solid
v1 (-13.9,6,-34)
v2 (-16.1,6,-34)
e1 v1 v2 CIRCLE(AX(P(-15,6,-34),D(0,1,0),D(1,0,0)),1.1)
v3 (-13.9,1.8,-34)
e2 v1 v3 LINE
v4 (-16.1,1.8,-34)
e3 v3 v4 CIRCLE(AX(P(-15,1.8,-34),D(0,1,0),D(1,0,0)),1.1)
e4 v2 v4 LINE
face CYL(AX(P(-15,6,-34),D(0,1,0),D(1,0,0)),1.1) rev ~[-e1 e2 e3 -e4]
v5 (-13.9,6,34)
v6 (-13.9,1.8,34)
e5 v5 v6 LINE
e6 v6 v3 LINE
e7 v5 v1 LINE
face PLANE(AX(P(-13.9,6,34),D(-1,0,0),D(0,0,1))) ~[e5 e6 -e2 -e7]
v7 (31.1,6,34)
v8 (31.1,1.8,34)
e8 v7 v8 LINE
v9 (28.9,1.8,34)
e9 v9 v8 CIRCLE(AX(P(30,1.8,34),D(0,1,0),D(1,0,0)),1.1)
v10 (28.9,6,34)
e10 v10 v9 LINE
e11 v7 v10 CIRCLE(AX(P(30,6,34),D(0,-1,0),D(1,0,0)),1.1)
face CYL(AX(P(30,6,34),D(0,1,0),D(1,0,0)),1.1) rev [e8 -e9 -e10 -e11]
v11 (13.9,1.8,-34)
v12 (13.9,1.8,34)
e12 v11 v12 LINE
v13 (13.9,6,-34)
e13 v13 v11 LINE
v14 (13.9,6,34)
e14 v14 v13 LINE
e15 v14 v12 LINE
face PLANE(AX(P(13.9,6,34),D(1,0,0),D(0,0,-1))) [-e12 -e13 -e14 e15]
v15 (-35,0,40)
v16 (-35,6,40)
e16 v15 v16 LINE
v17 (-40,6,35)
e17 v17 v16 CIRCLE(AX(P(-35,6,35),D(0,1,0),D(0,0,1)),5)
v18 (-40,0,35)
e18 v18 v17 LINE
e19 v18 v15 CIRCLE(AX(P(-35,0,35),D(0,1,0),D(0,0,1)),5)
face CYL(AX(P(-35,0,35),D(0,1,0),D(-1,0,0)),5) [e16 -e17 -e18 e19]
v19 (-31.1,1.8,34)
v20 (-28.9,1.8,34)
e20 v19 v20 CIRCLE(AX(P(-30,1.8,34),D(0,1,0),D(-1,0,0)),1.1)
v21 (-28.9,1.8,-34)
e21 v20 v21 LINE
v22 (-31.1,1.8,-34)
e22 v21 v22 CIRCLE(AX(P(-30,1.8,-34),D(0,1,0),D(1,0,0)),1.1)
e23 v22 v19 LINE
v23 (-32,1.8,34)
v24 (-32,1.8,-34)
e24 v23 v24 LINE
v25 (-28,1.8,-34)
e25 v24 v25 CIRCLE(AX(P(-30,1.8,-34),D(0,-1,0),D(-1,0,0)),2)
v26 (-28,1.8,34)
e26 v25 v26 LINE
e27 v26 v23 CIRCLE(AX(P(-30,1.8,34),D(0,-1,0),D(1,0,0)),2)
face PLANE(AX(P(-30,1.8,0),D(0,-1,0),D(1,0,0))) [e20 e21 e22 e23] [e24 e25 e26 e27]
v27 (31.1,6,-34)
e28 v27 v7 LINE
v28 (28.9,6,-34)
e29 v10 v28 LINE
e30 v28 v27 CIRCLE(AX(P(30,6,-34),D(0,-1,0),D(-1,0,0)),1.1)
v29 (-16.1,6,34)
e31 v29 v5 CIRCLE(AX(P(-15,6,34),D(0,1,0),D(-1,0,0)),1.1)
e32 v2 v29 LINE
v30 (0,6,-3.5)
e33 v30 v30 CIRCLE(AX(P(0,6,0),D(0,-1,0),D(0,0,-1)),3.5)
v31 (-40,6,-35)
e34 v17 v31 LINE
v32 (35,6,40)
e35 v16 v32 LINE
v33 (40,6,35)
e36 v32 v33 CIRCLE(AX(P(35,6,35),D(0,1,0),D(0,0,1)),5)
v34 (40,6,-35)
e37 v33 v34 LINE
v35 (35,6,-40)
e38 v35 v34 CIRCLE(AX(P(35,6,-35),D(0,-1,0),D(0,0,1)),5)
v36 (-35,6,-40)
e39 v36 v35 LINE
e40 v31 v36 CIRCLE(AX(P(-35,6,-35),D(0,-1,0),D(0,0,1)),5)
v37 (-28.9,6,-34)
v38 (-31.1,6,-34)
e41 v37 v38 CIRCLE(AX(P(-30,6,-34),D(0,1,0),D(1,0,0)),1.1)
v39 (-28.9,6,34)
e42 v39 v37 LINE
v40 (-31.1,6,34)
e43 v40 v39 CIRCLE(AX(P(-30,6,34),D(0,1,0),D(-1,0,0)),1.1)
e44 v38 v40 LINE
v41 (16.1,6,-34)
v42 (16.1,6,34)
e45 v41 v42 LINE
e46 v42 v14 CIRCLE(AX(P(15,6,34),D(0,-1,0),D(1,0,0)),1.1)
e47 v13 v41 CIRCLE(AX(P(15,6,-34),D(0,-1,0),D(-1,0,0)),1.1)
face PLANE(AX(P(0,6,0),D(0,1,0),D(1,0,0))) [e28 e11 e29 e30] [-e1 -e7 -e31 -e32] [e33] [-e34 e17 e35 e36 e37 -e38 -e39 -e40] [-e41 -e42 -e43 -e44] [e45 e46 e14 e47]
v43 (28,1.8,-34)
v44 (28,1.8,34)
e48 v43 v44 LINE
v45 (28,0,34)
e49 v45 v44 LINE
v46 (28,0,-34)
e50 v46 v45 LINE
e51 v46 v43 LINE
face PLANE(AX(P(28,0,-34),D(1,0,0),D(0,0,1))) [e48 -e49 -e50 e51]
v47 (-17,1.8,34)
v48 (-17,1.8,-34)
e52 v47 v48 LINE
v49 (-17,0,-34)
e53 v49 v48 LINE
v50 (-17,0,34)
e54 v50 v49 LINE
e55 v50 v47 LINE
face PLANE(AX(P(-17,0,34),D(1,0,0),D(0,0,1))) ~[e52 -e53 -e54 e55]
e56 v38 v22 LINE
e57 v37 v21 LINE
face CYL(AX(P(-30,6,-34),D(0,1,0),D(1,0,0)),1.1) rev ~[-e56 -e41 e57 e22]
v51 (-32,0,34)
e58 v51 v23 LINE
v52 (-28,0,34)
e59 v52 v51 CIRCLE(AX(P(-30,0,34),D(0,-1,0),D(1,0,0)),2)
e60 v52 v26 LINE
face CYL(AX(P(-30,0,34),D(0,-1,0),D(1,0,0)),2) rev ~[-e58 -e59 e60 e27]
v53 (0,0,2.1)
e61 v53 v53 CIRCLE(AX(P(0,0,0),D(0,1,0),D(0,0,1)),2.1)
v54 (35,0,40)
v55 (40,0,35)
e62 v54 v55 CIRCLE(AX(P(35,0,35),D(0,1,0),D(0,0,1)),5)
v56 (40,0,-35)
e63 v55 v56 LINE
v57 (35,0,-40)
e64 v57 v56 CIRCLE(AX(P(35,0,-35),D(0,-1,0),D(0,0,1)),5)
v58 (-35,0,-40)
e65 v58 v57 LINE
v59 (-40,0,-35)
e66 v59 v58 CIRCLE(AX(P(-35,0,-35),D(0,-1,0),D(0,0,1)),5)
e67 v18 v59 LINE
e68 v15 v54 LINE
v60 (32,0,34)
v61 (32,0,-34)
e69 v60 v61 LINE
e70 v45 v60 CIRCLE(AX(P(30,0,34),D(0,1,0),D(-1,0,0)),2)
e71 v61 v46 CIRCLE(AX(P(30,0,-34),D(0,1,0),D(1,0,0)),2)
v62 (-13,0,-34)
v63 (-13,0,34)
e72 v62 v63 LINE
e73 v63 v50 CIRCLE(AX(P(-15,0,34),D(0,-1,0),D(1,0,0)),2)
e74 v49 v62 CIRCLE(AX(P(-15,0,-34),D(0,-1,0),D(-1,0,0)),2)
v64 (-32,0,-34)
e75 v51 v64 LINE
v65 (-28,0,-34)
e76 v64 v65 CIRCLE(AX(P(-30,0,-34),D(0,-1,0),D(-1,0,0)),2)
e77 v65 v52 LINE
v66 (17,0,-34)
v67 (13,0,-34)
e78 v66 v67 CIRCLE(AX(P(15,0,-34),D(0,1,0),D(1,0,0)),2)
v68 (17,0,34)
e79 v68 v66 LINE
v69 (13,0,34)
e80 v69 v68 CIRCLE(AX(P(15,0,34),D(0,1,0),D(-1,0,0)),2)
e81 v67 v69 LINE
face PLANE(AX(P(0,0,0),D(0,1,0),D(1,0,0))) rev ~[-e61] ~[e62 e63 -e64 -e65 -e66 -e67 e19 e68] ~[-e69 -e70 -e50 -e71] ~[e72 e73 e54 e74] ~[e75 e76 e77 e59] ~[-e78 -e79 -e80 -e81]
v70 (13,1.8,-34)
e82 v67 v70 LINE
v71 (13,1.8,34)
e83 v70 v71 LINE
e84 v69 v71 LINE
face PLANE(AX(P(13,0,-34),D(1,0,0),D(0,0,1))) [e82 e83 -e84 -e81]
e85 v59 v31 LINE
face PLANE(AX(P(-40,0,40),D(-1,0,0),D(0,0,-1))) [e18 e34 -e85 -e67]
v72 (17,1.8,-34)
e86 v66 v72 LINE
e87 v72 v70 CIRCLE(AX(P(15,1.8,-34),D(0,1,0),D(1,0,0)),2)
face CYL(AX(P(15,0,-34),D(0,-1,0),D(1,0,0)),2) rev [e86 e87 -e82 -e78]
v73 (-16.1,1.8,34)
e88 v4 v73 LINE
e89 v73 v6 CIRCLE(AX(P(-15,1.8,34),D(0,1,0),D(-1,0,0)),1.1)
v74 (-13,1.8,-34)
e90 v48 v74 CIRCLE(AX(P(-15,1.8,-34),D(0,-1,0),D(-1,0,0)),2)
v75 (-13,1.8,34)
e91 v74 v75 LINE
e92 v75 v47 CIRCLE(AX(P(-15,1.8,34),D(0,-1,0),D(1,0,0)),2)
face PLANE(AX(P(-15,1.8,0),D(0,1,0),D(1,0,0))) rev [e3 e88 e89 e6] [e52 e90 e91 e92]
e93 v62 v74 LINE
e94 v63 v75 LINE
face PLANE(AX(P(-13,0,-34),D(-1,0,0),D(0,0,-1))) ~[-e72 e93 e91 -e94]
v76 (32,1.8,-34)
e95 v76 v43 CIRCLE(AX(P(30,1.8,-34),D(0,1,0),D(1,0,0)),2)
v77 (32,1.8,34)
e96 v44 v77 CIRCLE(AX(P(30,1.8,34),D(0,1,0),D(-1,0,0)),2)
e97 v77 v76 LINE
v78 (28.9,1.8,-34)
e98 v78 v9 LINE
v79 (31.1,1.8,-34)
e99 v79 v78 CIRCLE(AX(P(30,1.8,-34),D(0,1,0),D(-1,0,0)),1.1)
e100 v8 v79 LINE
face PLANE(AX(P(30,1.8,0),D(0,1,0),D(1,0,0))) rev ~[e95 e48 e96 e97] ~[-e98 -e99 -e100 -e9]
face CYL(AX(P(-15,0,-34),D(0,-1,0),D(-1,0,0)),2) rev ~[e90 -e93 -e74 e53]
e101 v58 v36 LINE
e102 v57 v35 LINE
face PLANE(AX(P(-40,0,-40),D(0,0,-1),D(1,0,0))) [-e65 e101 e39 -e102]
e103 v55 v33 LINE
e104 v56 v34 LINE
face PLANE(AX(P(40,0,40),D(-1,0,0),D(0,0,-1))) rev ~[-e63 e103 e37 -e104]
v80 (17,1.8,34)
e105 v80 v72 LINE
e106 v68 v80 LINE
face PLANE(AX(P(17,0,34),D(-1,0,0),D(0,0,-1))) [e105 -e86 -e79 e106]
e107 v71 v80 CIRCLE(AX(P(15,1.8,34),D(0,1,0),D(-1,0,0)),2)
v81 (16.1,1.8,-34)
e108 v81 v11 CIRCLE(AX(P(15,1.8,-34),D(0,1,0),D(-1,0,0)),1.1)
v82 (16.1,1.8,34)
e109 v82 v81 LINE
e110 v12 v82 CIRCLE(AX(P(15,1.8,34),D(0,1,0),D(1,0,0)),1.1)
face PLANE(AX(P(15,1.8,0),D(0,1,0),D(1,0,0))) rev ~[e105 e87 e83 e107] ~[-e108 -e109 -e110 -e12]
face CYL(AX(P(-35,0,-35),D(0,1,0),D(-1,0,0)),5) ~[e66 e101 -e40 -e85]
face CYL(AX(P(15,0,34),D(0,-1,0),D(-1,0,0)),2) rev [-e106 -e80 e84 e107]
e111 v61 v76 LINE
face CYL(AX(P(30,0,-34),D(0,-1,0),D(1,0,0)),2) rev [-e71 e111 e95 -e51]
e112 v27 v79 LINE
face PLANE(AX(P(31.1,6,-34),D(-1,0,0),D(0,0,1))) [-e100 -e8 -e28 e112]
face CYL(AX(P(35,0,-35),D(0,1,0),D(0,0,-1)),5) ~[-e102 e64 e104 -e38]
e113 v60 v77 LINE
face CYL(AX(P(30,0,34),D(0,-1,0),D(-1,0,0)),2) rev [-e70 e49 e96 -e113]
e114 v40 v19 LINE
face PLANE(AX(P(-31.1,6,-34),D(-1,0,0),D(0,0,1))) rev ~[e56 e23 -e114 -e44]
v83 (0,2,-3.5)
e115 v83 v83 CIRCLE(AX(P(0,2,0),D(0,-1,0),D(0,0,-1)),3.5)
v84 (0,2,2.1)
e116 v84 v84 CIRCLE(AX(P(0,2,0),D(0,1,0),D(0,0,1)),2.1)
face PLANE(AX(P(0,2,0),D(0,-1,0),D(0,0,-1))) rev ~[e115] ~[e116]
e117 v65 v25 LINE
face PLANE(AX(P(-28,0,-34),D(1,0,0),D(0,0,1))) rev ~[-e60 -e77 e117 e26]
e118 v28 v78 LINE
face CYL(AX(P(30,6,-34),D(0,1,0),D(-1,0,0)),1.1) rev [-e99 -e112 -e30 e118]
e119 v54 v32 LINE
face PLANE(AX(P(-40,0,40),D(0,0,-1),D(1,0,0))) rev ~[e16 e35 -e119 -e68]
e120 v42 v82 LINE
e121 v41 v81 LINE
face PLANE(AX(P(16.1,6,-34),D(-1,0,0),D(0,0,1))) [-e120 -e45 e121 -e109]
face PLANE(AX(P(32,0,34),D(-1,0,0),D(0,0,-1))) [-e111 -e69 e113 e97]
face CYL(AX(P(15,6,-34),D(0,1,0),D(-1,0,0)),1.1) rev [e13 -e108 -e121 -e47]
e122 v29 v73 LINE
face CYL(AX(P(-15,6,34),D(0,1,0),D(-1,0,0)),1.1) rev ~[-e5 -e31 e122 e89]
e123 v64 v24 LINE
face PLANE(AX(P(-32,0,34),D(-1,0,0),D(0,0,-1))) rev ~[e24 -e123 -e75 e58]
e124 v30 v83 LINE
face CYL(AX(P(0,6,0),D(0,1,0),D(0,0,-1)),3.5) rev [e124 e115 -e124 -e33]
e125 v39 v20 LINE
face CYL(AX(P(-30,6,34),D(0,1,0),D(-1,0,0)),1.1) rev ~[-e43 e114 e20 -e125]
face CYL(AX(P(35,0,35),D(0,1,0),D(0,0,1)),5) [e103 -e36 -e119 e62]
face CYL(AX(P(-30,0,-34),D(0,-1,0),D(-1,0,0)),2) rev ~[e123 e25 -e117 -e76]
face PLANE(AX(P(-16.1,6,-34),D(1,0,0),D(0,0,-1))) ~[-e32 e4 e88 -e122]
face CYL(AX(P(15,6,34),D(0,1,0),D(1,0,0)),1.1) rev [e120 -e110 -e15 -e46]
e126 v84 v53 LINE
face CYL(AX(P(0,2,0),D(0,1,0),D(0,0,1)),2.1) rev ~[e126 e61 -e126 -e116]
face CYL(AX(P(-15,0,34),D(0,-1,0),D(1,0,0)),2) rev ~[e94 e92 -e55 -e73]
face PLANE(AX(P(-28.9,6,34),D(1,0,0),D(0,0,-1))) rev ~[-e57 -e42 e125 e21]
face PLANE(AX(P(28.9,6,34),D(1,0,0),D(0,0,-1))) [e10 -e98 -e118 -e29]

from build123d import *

# Parameters (mm, degrees)
SKETCH1_W            = 80
SKETCH1_H            = 80
BOSS_EXTRUDE1_DEPTH  = 6
CUT_EXTRUDE1_DEPTH   = 57.885850613
CUT_EXTRUDE2_DEPTH   = 1.8
LPATTERN1_COUNT      = 2
LPATTERN1_PITCH      = 15
MIRROR1_COPY_1_DEPTH = 57.885850613
MIRROR1_COPY_2_DEPTH = 1.8
SKETCH5_R            = 3.5
CUT_EXTRUDE3_DEPTH   = 4
SKETCH6_R            = 2.1
CUT_EXTRUDE4_DEPTH   = 57.709787515
FILLET3_R            = 5


with BuildPart() as part:
    # Sketch1 → Boss-Extrude1 (new body)
    with BuildSketch(Plane(origin=(0, 0, 0), x_dir=(1, 0, 0), z_dir=(0, 1, 0))):
        Rectangle(SKETCH1_W, SKETCH1_H)
    extrude(amount=BOSS_EXTRUDE1_DEPTH)

    # Sketch2 → Cut-Extrude1 (cut, through all)
    with BuildSketch(Plane(origin=(0, 6, 0), x_dir=(1, 0, 0), z_dir=(0, 1, 0))):
        with BuildLine():
            Line((16.1, 34), (16.1, -34))
            ThreePointArc((16.1, -34), (15, -35.1), (13.9, -34))
            Line((13.9, -34), (13.9, 34))
            ThreePointArc((13.9, 34), (15, 35.1), (16.1, 34))
        make_face()
    cut_extrude1 = extrude(amount=-CUT_EXTRUDE1_DEPTH, mode=Mode.SUBTRACT)

    # Sketch4 → Cut-Extrude2 (cut)
    with BuildSketch(Plane(origin=(0, 0, 0), x_dir=(1, 0, 0), z_dir=(0, 1, 0))):
        with BuildLine():
            Line((13, 34), (13, -34))
            ThreePointArc((13, -34), (15, -36), (17, -34))
            Line((17, -34), (17, 34))
            ThreePointArc((17, 34), (15, 36), (13, 34))
        make_face()
    cut_extrude2 = extrude(amount=CUT_EXTRUDE2_DEPTH, mode=Mode.SUBTRACT)

    # LPattern1: Cut-Extrude1, Cut-Extrude2 ×2
    with Locations(*[(i * LPATTERN1_PITCH, 0, 0) for i in range(1, LPATTERN1_COUNT)]):
        add(cut_extrude1, mode=Mode.SUBTRACT)
        add(cut_extrude2, mode=Mode.SUBTRACT)

    # Mirror1: Cut-Extrude1, Cut-Extrude2 across plane
    add(cut_extrude1.mirror(Plane(origin=(0, 0, 0), x_dir=(0, 0, 1), z_dir=(1, 0, 0))), mode=Mode.SUBTRACT)
    add(cut_extrude2.mirror(Plane(origin=(0, 0, 0), x_dir=(0, 0, 1), z_dir=(1, 0, 0))), mode=Mode.SUBTRACT)

    # Mirror1 copy 1 sketch → Mirror1 copy 1 (cut, through all)
    with BuildSketch(Plane(origin=(-15, 6, 0), x_dir=(-1, 0, 0), z_dir=(0, 1, 0))):
        with BuildLine():
            Line((16.1, -34), (16.1, 34))
            ThreePointArc((16.1, 34), (15, 35.1), (13.9, 34))
            Line((13.9, 34), (13.9, -34))
            ThreePointArc((13.9, -34), (15, -35.1), (16.1, -34))
        make_face()
    extrude(amount=-MIRROR1_COPY_1_DEPTH, mode=Mode.SUBTRACT)

    # Mirror1 copy 2 sketch → Mirror1 copy 2 (cut)
    with BuildSketch(Plane(origin=(-15, 0, 0), x_dir=(-1, 0, 0), z_dir=(0, 1, 0))):
        with BuildLine():
            Line((13, -34), (13, 34))
            ThreePointArc((13, 34), (15, 36), (17, 34))
            Line((17, 34), (17, -34))
            ThreePointArc((17, -34), (15, -36), (13, -34))
        make_face()
    extrude(amount=MIRROR1_COPY_2_DEPTH, mode=Mode.SUBTRACT)

    # Sketch5 → Cut-Extrude3 (cut)
    with BuildSketch(Plane.XZ.offset(-6)):
        with Locations(Location((0, 0, 0), (0, 0, 270))):
            Circle(SKETCH5_R)
    extrude(amount=CUT_EXTRUDE3_DEPTH, mode=Mode.SUBTRACT)

    # Sketch6 → Cut-Extrude4 (cut, through all)
    with BuildSketch(Plane(origin=(0, 2, 0), x_dir=(1, 0, 0), z_dir=(0, 1, 0))):
        with Locations(Location((0, 0, 0), (0, 0, 270))):
            Circle(SKETCH6_R)
    extrude(amount=-CUT_EXTRUDE4_DEPTH, mode=Mode.SUBTRACT)

    # Fillet3
    fillet3_edges = [part.edges().sort_by_distance(p)[0] for p in [
        (40, 3, 40),
        (-40, 3, 40),
        (-40, 3, -40),
        (40, 3, -40),
    ]]
    fillet(fillet3_edges, radius=FILLET3_R)


solid = part.part
